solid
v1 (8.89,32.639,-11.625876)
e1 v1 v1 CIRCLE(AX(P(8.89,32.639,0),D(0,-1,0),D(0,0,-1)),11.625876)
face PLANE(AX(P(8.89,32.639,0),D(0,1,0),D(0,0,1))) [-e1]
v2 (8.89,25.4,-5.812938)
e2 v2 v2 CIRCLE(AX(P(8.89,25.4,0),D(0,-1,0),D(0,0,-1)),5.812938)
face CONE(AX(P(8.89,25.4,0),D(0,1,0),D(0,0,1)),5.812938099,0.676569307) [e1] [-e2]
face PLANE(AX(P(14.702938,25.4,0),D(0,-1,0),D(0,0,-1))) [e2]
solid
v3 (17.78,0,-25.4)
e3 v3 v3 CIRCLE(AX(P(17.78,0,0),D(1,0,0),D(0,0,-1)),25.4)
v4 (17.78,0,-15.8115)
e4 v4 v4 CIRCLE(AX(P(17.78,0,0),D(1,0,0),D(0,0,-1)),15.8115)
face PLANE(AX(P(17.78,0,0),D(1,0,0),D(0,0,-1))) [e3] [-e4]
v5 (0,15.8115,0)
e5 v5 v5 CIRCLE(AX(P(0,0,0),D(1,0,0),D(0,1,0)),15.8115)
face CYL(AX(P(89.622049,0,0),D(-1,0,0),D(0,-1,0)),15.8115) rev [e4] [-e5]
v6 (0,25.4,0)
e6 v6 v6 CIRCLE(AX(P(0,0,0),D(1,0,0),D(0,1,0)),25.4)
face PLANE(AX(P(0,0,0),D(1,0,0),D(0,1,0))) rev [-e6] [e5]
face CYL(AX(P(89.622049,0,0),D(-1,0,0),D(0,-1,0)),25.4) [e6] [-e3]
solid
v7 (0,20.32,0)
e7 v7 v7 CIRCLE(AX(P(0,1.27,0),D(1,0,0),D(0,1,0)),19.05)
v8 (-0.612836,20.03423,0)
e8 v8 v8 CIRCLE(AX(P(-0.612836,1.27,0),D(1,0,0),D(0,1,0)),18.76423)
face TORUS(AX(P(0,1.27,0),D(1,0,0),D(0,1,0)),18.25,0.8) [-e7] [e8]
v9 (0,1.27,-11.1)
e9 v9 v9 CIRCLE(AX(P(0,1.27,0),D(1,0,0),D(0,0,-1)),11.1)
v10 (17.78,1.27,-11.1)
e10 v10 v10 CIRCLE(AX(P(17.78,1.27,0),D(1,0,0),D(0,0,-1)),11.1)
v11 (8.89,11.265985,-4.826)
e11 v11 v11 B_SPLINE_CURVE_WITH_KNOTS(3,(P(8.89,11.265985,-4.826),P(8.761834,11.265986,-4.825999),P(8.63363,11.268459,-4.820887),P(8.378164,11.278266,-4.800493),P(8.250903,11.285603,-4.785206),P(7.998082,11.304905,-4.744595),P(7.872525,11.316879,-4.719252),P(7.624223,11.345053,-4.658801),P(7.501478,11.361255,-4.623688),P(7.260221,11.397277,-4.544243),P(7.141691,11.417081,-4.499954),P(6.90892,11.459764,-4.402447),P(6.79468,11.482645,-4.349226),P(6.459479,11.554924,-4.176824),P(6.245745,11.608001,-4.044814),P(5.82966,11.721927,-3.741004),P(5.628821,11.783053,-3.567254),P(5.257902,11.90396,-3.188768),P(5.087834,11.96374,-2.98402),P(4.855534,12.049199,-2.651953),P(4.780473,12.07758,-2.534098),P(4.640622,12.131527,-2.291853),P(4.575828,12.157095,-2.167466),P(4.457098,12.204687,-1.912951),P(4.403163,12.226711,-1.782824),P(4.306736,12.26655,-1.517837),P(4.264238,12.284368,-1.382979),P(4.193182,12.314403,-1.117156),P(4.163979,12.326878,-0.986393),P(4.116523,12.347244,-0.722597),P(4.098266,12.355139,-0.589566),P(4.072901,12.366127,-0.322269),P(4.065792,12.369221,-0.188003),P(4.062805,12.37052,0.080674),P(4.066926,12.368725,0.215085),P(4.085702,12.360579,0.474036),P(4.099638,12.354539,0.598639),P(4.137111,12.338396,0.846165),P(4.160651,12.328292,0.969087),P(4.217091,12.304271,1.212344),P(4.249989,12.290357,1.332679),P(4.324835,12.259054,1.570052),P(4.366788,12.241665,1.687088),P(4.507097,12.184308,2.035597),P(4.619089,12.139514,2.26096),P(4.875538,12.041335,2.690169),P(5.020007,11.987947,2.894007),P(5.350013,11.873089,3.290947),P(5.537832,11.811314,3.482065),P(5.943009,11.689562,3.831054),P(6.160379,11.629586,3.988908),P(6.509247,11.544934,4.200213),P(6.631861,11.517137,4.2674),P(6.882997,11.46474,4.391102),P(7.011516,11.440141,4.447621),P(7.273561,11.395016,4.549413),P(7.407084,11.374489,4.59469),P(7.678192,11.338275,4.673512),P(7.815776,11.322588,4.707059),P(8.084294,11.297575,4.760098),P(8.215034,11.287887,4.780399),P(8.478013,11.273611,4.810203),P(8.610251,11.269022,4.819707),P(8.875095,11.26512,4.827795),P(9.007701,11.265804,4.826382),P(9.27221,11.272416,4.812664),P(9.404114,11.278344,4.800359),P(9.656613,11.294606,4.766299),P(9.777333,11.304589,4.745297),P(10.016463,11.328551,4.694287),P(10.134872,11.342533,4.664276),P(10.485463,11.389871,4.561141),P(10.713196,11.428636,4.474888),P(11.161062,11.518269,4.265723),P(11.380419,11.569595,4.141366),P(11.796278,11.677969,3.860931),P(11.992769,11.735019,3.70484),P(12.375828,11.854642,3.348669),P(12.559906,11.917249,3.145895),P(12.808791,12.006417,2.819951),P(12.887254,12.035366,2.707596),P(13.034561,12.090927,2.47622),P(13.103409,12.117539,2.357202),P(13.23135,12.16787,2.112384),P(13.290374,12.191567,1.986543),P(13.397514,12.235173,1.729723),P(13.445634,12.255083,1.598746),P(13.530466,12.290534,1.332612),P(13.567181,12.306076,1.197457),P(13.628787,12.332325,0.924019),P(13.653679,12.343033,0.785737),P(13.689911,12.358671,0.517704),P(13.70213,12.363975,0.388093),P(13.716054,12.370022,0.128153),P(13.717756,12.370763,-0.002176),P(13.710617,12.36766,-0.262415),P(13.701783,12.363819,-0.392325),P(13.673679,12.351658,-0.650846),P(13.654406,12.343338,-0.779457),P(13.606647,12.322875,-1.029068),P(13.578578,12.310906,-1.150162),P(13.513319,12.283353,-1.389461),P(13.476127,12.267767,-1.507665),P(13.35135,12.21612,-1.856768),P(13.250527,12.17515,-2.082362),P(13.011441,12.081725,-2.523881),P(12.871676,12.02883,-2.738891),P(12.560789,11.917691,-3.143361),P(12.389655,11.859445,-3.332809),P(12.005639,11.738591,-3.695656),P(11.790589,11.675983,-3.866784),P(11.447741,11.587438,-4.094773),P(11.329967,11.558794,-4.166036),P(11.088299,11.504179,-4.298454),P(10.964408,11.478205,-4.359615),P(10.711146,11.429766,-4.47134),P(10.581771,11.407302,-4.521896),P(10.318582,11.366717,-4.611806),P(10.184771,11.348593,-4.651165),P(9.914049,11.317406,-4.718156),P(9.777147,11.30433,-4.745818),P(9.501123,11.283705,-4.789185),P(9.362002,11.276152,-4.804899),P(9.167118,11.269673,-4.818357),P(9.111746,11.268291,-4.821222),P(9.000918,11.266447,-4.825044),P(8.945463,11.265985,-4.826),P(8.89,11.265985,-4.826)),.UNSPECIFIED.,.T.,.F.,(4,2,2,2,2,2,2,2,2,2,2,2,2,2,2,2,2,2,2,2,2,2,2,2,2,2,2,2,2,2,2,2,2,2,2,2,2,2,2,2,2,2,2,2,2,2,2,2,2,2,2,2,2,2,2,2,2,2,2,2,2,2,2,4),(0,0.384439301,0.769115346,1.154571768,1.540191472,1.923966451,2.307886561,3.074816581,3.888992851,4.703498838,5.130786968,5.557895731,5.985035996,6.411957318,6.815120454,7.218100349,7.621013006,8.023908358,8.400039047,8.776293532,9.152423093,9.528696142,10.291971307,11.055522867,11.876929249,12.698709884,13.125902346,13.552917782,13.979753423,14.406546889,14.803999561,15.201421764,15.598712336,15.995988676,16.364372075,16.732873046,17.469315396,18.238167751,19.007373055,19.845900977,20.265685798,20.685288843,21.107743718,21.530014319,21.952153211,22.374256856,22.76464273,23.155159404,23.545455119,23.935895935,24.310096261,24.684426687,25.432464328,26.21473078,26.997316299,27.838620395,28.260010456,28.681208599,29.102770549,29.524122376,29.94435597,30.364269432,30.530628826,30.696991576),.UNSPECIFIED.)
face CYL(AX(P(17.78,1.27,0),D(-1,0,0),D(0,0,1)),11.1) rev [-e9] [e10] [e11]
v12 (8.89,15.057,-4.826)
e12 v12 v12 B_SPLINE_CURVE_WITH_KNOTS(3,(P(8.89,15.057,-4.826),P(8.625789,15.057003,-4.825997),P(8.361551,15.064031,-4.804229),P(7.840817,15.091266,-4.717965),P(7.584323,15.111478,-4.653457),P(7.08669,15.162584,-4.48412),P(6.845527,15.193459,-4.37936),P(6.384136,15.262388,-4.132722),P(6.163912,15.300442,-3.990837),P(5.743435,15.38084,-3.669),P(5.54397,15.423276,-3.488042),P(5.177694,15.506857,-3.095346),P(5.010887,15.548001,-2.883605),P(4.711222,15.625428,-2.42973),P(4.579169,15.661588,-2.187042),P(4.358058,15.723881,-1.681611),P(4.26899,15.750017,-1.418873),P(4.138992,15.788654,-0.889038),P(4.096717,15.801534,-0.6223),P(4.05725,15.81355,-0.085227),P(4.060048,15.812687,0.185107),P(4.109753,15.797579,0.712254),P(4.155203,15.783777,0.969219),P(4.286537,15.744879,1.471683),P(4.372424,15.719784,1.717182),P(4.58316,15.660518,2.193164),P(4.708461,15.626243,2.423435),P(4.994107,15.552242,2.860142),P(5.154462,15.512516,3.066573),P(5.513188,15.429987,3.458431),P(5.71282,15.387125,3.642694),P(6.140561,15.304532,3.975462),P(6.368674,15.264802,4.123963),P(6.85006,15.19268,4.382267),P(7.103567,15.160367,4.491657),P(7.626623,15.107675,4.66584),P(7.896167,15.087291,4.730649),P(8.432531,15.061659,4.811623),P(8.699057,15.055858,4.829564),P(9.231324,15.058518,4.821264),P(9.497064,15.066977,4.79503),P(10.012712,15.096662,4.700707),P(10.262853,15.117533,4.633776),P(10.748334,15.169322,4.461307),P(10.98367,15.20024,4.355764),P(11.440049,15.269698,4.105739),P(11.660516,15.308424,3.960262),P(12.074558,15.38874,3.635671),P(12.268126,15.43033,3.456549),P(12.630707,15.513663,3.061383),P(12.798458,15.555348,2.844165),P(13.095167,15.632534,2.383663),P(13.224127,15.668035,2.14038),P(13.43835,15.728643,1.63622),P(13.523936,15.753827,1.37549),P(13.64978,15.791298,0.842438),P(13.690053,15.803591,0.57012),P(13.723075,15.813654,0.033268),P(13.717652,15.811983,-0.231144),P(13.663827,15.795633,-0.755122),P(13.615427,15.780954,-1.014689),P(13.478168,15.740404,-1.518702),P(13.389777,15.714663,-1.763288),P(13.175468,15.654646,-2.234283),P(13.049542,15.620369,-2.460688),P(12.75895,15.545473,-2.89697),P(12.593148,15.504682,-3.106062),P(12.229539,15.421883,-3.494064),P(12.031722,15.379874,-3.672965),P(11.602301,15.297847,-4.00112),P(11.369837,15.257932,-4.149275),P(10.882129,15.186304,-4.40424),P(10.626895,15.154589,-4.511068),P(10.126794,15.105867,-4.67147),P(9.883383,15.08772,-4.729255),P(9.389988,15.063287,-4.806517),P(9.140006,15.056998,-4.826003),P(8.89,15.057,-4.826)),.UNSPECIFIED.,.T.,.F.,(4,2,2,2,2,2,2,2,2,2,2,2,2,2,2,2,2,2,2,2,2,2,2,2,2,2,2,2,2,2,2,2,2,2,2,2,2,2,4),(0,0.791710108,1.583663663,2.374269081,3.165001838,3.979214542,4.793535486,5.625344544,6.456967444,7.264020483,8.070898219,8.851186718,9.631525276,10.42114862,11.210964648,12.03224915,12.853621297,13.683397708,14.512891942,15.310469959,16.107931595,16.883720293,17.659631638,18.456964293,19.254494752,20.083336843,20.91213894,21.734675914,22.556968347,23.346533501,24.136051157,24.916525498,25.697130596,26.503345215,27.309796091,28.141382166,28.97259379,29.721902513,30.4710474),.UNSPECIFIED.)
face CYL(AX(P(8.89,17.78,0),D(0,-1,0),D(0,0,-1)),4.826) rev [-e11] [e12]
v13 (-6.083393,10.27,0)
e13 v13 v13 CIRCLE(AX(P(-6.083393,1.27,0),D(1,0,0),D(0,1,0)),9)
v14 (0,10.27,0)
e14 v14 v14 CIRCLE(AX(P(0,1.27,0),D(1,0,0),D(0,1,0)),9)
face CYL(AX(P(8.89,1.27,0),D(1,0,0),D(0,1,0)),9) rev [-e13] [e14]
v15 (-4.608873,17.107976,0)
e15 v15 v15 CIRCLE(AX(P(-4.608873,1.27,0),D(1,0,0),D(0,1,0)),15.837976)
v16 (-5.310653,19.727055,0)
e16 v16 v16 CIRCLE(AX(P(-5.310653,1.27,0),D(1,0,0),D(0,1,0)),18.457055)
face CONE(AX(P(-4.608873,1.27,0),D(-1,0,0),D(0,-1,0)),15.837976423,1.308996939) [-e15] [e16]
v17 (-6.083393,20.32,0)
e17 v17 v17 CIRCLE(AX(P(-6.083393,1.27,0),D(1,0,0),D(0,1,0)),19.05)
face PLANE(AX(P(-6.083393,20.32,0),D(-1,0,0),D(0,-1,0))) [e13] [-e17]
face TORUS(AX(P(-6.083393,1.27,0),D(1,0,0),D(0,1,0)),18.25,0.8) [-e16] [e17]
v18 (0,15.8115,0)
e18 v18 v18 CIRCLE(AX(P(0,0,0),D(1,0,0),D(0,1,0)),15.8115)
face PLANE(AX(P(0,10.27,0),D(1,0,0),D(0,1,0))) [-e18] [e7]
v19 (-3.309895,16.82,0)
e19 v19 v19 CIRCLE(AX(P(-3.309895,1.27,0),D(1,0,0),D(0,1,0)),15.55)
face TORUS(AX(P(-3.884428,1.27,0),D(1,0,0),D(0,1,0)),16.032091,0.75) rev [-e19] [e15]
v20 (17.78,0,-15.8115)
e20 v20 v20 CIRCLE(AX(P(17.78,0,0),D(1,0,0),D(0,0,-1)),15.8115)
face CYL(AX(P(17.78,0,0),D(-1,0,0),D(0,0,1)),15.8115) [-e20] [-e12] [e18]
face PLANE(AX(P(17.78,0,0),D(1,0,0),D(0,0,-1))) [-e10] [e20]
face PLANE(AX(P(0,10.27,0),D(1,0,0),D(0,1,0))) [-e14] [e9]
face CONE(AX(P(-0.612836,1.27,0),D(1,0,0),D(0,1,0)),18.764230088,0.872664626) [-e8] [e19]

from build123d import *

# Parameters (mm, degrees)
SKETCH2_R           = 15.8115
SKETCH2_R_2         = 11.1
BOSS_EXTRUDE1_DEPTH = 17.78
SKETCH4_R           = 4.826
CUT_EXTRUDE1_DEPTH  = 17.78
SKETCH5_R           = 25.4
SKETCH5_R_2         = 15.8115
BOSS_EXTRUDE2_DEPTH = 17.78


with BuildPart() as part:
    # Sketch2 → Boss-Extrude1 (new body)
    with BuildSketch(Plane(origin=(0, 0, 0), x_dir=(0, 0, -1), z_dir=(1, 0, 0))):
        Circle(SKETCH2_R)
        with Locations((0, 1.27)):
            Circle(SKETCH2_R_2, mode=Mode.SUBTRACT)
    extrude(amount=BOSS_EXTRUDE1_DEPTH)

    # Sketch3 → Revolve1 (revolve)
    with BuildSketch(Plane.XY):
        with BuildLine():
            Line((0, 10.27), (0, 20.32))
            ThreePointArc((0, 20.32), (-0.338094609, 20.24504623), (-0.612835554, 20.034230088))
            Line((-0.612835554, 20.034230088), (-3.309894836, 16.82))
            ThreePointArc((-3.309894836, 16.82), (-4.046757878, 16.569868702), (-4.608872538, 17.107976423))
            Line((-4.608872538, 17.107976423), (-5.31065259, 19.727055236))
            ThreePointArc((-5.31065259, 19.727055236), (-5.596384108, 20.154682672), (-6.083393251, 20.32))
            Line((-6.083393251, 20.32), (-6.083393251, 10.27))
            Line((-6.083393251, 10.27), (0, 10.27))
        make_face()
    revolve(axis=Axis((8.89, 1.27, 0), (-1, 0, 0)))

    # Sketch4 → Cut-Extrude1 (cut)
    with BuildSketch(Plane(origin=(0, 0, 0), x_dir=(1, 0, 0), z_dir=(0, 1, 0))):
        with Locations(Location((8.89, 0, 0), (0, 0, 90))):
            Circle(SKETCH4_R)
    extrude(amount=CUT_EXTRUDE1_DEPTH, mode=Mode.SUBTRACT)


with BuildPart() as body_2:
    # Sketch5 → Boss-Extrude2 (new body)
    with BuildSketch(Plane(origin=(0, 0, 0), x_dir=(0, 0, -1), z_dir=(1, 0, 0))):
        Circle(SKETCH5_R)
        Circle(SKETCH5_R_2, mode=Mode.SUBTRACT)
    extrude(amount=BOSS_EXTRUDE2_DEPTH)


with BuildPart() as body_3:
    # Sketch6 → Revolve2 (revolve)
    with BuildSketch(Plane.XY, mode=Mode.PRIVATE) as revolve2_sk:
        Polygon((8.89, 25.4), (8.89, 32.639), (20.515876198, 32.639), (14.702938099, 25.4), align=None)
    revolve(revolve2_sk.sketch.rotate(Axis((8.89, 25.4, 0), (0, 1, 0)), 90), axis=Axis((8.89, 25.4, 0), (0, 1, 0)))


solid = Compound([part.part, body_2.part, body_3.part])
